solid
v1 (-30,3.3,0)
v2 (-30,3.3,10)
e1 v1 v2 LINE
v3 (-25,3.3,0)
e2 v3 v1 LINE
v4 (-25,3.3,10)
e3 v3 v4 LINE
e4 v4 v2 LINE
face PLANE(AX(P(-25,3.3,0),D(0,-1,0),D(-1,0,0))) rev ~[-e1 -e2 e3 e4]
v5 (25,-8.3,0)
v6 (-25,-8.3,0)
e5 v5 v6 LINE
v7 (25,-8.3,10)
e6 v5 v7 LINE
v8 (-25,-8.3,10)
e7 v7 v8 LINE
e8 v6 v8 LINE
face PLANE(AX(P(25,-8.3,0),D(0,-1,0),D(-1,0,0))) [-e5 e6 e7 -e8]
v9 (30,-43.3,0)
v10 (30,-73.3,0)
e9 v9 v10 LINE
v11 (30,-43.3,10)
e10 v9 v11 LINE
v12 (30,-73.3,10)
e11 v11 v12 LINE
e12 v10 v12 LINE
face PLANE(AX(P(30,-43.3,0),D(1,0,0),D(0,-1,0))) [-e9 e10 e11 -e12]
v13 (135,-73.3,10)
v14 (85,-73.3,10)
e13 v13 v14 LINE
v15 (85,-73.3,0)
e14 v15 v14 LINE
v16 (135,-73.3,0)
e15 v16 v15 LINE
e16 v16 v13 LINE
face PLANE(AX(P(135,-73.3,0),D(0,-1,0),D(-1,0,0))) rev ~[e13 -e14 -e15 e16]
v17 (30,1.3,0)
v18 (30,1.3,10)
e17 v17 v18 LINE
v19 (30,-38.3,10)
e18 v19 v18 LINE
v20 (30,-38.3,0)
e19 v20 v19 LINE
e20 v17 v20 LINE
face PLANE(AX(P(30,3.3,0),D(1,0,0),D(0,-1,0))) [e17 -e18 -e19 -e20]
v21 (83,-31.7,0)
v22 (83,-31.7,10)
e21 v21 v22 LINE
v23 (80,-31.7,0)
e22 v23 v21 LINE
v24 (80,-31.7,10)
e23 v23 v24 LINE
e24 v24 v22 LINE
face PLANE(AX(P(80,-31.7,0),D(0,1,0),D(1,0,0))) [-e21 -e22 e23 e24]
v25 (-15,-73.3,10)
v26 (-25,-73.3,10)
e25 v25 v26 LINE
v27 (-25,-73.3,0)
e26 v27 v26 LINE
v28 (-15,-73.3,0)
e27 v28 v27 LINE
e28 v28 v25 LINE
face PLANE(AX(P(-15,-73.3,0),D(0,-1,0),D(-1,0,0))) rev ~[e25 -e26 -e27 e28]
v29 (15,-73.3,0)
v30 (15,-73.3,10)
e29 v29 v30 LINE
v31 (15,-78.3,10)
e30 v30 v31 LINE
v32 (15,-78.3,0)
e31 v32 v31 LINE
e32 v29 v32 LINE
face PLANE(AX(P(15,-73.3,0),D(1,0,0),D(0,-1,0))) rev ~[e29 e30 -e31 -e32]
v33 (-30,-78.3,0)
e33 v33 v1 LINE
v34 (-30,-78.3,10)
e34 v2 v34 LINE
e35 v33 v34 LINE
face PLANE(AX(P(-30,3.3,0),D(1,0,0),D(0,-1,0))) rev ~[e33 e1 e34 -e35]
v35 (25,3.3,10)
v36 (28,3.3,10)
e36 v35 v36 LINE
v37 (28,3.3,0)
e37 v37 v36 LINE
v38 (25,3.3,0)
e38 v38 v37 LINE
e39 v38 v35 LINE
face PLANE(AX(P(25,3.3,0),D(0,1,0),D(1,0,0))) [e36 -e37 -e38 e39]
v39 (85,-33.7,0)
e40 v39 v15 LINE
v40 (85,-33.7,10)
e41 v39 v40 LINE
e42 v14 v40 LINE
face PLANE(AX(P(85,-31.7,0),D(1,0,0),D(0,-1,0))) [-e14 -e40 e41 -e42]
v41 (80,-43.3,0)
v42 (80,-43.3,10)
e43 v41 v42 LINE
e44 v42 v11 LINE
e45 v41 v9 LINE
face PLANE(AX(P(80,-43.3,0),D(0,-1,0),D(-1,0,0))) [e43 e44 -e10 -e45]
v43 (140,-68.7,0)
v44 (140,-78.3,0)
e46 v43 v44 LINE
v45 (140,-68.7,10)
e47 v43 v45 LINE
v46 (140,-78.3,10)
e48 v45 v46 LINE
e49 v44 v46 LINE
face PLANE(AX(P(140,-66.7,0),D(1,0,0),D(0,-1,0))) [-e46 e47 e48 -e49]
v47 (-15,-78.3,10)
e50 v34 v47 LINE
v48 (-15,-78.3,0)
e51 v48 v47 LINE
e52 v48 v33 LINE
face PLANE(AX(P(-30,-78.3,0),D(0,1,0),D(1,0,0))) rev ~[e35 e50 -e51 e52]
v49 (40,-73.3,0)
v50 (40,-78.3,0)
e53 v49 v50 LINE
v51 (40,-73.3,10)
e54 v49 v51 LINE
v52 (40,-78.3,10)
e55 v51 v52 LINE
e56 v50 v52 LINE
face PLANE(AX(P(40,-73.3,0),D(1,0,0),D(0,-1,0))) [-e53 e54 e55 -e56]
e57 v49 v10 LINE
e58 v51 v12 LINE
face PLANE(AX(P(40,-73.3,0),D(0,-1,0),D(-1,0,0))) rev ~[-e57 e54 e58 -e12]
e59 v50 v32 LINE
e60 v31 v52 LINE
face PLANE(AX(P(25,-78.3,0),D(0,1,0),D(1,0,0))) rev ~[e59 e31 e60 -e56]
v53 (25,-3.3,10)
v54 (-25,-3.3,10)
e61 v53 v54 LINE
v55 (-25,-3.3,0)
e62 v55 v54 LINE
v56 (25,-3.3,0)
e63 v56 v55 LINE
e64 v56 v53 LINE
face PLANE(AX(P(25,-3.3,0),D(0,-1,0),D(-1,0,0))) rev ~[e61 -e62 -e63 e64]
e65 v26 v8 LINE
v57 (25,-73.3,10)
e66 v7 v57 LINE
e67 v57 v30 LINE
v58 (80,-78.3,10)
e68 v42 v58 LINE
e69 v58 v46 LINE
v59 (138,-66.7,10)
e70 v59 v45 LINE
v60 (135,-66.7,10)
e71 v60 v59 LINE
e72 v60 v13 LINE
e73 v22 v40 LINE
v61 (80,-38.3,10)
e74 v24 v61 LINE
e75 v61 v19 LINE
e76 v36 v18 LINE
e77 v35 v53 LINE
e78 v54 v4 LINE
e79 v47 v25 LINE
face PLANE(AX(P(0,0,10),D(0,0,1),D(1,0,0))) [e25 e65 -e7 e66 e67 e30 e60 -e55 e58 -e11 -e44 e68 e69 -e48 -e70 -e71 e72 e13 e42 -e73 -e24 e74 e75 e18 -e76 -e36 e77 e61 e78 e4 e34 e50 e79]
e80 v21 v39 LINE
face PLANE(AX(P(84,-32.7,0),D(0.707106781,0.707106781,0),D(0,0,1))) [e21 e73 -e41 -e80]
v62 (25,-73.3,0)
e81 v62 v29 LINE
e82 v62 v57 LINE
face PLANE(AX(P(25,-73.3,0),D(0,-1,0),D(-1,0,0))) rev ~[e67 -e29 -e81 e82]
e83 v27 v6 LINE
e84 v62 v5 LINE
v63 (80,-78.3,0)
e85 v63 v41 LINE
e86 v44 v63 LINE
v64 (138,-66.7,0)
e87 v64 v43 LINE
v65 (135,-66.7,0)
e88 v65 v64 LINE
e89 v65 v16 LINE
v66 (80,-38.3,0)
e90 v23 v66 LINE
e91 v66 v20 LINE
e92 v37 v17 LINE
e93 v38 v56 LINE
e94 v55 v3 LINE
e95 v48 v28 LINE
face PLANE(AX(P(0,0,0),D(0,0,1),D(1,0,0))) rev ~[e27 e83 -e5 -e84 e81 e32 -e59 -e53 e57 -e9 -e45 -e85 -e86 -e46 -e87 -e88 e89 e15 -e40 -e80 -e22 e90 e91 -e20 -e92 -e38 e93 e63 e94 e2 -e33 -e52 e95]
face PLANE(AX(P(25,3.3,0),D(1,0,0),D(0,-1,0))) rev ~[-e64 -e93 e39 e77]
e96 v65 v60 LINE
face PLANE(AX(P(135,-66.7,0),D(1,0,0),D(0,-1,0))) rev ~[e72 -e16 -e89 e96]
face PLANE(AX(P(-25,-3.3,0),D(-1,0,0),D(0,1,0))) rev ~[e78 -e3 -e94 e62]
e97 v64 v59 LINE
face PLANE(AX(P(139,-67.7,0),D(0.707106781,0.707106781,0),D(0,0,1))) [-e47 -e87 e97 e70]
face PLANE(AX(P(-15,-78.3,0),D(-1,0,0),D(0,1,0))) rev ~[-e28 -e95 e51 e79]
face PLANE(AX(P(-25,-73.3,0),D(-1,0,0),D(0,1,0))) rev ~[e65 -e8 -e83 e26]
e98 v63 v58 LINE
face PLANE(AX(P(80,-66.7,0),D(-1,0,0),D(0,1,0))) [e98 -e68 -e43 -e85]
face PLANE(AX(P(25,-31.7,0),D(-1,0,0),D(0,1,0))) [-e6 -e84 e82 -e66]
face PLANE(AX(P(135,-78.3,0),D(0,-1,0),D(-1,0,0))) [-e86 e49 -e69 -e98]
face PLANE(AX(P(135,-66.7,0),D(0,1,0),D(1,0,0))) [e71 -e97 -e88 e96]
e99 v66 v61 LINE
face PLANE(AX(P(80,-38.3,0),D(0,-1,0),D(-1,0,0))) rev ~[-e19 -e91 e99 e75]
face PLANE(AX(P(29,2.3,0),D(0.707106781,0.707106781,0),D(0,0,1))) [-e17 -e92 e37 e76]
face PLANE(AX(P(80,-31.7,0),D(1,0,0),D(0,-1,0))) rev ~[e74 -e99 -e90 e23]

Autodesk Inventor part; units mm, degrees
ref_plane "YZ Plane" through (0, 0, 0) normal (1, 0, 0) x (0, 1, 0)
ref_plane "XZ Plane" through (0, 0, 0) normal (0, 1, 0) x (-1, 0, 0)
ref_plane "XY Plane" through (0, 0, 0) normal (0, 0, 1) x (1, 0, 0)
sketch "Sketch1" plane through (0, 0, 0) normal (0, 0, 1) x (1, 0, 0)
  line L0 (-25, 3.3) -> (25, 3.3)
  line L1 (25, 3.3) -> (25, -3.3)
  line L2 (25, -3.3) -> (-25, -3.3)
  line L3 (-25, -3.3) -> (-25, 3.3)
  line L4 (-25, 3.3) -> (25, -3.3) construction
  line L5 (25, 3.3) -> (-25, -3.3) construction
  line L6 (25, 3.3) -> (30, 3.3)
  line L7 (30, 3.3) -> (30, -31.7)
  line L8 (30, -31.7) -> (25, -31.7)
  line L9 (25, -31.7) -> (25, 3.3)
  line L10 (30, -31.7) -> (80, -31.7)
  line L11 (80, -31.7) -> (80, -38.3)
  line L12 (80, -38.3) -> (30, -38.3)
  line L13 (30, -38.3) -> (30, -31.7)
  line L14 (30, -31.7) -> (80, -38.3) construction
  line L15 (80, -31.7) -> (30, -38.3) construction
  line L16 (25, -31.7) -> (30, -31.7)
  line L17 (30, -31.7) -> (30, -38.3)
  line L18 (30, -38.3) -> (25, -38.3)
  line L19 (25, -38.3) -> (25, -31.7)
  line L20 (-25, -3.3) -> (25, -3.3)
  line L21 (25, -3.3) -> (25, -8.3)
  line L22 (25, -8.3) -> (-25, -8.3)
  line L23 (-25, -8.3) -> (-25, -3.3)
  line L24 (25, -38.3) -> (80, -38.3)
  line L25 (80, -38.3) -> (80, -43.3)
  line L26 (80, -43.3) -> (25, -43.3)
  line L27 (25, -43.3) -> (25, -38.3)
  line L28 (80, -31.7) -> (85, -31.7)
  line L29 (85, -31.7) -> (85, -66.7)
  line L30 (85, -66.7) -> (80, -66.7)
  line L31 (80, -66.7) -> (80, -31.7)
  line L32 (85, -66.7) -> (135, -66.7)
  line L33 (85, -73.3) -> (85, -66.7)
  line L34 (135, -73.3) -> (85, -73.3)
  line L35 (135, -66.7) -> (135, -73.3)
  line L36 (85, -66.7) -> (135, -73.3) construction
  line L37 (135, -66.7) -> (85, -73.3) construction
  line L38 (80, -66.7) -> (85, -66.7)
  line L39 (85, -66.7) -> (85, -73.3)
  line L40 (85, -73.3) -> (80, -73.3)
  line L41 (80, -73.3) -> (80, -66.7)
  line L42 (80, -73.3) -> (135, -73.3)
  line L43 (135, -73.3) -> (135, -78.3)
  line L44 (135, -78.3) -> (80, -78.3)
  line L45 (80, -78.3) -> (80, -73.3)
  line L46 (135, -66.7) -> (140, -66.7)
  line L47 (140, -66.7) -> (140, -78.3)
  line L48 (140, -78.3) -> (135, -78.3)
  line L49 (135, -78.3) -> (135, -66.7)
  line L50 (-25, 3.3) -> (-30, 3.3)
  line L51 (-30, 3.3) -> (-30, -78.3)
  line L52 (-30, -78.3) -> (-25, -78.3)
  line L53 (-25, -78.3) -> (-25, 3.3)
  line L54 (-30, -78.3) -> (80, -78.3)
  line L55 (80, -78.3) -> (80, -73.3)
  line L56 (80, -73.3) -> (-30, -73.3)
  line L57 (-30, -73.3) -> (-30, -78.3)
  line L58 (25, -38.3) -> (30, -38.3)
  line L59 (30, -38.3) -> (30, -43.3)
  line L60 (30, -43.3) -> (25, -43.3)
  line L61 (25, -43.3) -> (25, -38.3)
  line L62 (25, -43.3) -> (30, -43.3)
  line L63 (30, -43.3) -> (30, -73.3)
  line L64 (30, -73.3) -> (25, -73.3)
  line L65 (25, -73.3) -> (25, -43.3)
  line L66 (-30, -78.3) -> (-15, -78.3)
  line L67 (-15, -78.3) -> (-15, -73.3)
  line L68 (-15, -73.3) -> (-30, -73.3)
  line L69 (-30, -73.3) -> (-30, -78.3)
  line L70 (30, -73.3) -> (15, -73.3)
  line L71 (15, -73.3) -> (15, -78.3)
  line L72 (15, -78.3) -> (30, -78.3)
  line L73 (30, -78.3) -> (30, -73.3)
  line L74 (25, -73.3) -> (40, -73.3)
  line L75 (40, -73.3) -> (40, -78.3)
  line L76 (40, -78.3) -> (25, -78.3)
  line L77 (25, -78.3) -> (25, -73.3)
  point P0 (0, 0)
  point P1 (-25, -73.3)
  dimension "d0" = 50
  dimension "d1" = 6.6
  dimension "d9" = 5
  dimension "d10" = 35
  dimension "d11" = 50
  dimension "d12" = 6.6
  dimension "d13" = 5
  dimension "d14" = 5
  dimension "d15" = 5
  dimension "d16" = 35
  dimension "d17" = 50
  dimension "d18" = 6.6
  dimension "d19" = 5
  dimension "d20" = 5
  dimension "d21" = 5
  dimension "d24" = 15
  dimension "d25" = 15
  dimension "d26" = 15
extrude "Extrusion1" add sketch "Sketch1" along normal blind 10 contours L3 L23 L53 L56 L51 L50 | L6 L7 L8 L9 L1 | L2 L9 L22 L23 | L56 L53 L52 L51 | L13 L18 L19 L8 | L56 L67 L54 L53 | L28 L29 L30 L31 L25 L11 | L59 L26 L27 L18 | L12 L25 L26 L59 | L63 L56 L65 L26 | L56 L77 L54 L71 | L33 L40 L41 L30 | L73 L54 L77 L56 | L56 L75 L54 L73 | L46 L47 L48 L43 L35 | L34 L43 L44 L45 L40
chamfer "Chamfer1" distance 2 angle 45 3 edges at (85, -31.7, 5) (30, 3.3, 5) (140, -66.7, 5)
properties part number "spicerack side"
